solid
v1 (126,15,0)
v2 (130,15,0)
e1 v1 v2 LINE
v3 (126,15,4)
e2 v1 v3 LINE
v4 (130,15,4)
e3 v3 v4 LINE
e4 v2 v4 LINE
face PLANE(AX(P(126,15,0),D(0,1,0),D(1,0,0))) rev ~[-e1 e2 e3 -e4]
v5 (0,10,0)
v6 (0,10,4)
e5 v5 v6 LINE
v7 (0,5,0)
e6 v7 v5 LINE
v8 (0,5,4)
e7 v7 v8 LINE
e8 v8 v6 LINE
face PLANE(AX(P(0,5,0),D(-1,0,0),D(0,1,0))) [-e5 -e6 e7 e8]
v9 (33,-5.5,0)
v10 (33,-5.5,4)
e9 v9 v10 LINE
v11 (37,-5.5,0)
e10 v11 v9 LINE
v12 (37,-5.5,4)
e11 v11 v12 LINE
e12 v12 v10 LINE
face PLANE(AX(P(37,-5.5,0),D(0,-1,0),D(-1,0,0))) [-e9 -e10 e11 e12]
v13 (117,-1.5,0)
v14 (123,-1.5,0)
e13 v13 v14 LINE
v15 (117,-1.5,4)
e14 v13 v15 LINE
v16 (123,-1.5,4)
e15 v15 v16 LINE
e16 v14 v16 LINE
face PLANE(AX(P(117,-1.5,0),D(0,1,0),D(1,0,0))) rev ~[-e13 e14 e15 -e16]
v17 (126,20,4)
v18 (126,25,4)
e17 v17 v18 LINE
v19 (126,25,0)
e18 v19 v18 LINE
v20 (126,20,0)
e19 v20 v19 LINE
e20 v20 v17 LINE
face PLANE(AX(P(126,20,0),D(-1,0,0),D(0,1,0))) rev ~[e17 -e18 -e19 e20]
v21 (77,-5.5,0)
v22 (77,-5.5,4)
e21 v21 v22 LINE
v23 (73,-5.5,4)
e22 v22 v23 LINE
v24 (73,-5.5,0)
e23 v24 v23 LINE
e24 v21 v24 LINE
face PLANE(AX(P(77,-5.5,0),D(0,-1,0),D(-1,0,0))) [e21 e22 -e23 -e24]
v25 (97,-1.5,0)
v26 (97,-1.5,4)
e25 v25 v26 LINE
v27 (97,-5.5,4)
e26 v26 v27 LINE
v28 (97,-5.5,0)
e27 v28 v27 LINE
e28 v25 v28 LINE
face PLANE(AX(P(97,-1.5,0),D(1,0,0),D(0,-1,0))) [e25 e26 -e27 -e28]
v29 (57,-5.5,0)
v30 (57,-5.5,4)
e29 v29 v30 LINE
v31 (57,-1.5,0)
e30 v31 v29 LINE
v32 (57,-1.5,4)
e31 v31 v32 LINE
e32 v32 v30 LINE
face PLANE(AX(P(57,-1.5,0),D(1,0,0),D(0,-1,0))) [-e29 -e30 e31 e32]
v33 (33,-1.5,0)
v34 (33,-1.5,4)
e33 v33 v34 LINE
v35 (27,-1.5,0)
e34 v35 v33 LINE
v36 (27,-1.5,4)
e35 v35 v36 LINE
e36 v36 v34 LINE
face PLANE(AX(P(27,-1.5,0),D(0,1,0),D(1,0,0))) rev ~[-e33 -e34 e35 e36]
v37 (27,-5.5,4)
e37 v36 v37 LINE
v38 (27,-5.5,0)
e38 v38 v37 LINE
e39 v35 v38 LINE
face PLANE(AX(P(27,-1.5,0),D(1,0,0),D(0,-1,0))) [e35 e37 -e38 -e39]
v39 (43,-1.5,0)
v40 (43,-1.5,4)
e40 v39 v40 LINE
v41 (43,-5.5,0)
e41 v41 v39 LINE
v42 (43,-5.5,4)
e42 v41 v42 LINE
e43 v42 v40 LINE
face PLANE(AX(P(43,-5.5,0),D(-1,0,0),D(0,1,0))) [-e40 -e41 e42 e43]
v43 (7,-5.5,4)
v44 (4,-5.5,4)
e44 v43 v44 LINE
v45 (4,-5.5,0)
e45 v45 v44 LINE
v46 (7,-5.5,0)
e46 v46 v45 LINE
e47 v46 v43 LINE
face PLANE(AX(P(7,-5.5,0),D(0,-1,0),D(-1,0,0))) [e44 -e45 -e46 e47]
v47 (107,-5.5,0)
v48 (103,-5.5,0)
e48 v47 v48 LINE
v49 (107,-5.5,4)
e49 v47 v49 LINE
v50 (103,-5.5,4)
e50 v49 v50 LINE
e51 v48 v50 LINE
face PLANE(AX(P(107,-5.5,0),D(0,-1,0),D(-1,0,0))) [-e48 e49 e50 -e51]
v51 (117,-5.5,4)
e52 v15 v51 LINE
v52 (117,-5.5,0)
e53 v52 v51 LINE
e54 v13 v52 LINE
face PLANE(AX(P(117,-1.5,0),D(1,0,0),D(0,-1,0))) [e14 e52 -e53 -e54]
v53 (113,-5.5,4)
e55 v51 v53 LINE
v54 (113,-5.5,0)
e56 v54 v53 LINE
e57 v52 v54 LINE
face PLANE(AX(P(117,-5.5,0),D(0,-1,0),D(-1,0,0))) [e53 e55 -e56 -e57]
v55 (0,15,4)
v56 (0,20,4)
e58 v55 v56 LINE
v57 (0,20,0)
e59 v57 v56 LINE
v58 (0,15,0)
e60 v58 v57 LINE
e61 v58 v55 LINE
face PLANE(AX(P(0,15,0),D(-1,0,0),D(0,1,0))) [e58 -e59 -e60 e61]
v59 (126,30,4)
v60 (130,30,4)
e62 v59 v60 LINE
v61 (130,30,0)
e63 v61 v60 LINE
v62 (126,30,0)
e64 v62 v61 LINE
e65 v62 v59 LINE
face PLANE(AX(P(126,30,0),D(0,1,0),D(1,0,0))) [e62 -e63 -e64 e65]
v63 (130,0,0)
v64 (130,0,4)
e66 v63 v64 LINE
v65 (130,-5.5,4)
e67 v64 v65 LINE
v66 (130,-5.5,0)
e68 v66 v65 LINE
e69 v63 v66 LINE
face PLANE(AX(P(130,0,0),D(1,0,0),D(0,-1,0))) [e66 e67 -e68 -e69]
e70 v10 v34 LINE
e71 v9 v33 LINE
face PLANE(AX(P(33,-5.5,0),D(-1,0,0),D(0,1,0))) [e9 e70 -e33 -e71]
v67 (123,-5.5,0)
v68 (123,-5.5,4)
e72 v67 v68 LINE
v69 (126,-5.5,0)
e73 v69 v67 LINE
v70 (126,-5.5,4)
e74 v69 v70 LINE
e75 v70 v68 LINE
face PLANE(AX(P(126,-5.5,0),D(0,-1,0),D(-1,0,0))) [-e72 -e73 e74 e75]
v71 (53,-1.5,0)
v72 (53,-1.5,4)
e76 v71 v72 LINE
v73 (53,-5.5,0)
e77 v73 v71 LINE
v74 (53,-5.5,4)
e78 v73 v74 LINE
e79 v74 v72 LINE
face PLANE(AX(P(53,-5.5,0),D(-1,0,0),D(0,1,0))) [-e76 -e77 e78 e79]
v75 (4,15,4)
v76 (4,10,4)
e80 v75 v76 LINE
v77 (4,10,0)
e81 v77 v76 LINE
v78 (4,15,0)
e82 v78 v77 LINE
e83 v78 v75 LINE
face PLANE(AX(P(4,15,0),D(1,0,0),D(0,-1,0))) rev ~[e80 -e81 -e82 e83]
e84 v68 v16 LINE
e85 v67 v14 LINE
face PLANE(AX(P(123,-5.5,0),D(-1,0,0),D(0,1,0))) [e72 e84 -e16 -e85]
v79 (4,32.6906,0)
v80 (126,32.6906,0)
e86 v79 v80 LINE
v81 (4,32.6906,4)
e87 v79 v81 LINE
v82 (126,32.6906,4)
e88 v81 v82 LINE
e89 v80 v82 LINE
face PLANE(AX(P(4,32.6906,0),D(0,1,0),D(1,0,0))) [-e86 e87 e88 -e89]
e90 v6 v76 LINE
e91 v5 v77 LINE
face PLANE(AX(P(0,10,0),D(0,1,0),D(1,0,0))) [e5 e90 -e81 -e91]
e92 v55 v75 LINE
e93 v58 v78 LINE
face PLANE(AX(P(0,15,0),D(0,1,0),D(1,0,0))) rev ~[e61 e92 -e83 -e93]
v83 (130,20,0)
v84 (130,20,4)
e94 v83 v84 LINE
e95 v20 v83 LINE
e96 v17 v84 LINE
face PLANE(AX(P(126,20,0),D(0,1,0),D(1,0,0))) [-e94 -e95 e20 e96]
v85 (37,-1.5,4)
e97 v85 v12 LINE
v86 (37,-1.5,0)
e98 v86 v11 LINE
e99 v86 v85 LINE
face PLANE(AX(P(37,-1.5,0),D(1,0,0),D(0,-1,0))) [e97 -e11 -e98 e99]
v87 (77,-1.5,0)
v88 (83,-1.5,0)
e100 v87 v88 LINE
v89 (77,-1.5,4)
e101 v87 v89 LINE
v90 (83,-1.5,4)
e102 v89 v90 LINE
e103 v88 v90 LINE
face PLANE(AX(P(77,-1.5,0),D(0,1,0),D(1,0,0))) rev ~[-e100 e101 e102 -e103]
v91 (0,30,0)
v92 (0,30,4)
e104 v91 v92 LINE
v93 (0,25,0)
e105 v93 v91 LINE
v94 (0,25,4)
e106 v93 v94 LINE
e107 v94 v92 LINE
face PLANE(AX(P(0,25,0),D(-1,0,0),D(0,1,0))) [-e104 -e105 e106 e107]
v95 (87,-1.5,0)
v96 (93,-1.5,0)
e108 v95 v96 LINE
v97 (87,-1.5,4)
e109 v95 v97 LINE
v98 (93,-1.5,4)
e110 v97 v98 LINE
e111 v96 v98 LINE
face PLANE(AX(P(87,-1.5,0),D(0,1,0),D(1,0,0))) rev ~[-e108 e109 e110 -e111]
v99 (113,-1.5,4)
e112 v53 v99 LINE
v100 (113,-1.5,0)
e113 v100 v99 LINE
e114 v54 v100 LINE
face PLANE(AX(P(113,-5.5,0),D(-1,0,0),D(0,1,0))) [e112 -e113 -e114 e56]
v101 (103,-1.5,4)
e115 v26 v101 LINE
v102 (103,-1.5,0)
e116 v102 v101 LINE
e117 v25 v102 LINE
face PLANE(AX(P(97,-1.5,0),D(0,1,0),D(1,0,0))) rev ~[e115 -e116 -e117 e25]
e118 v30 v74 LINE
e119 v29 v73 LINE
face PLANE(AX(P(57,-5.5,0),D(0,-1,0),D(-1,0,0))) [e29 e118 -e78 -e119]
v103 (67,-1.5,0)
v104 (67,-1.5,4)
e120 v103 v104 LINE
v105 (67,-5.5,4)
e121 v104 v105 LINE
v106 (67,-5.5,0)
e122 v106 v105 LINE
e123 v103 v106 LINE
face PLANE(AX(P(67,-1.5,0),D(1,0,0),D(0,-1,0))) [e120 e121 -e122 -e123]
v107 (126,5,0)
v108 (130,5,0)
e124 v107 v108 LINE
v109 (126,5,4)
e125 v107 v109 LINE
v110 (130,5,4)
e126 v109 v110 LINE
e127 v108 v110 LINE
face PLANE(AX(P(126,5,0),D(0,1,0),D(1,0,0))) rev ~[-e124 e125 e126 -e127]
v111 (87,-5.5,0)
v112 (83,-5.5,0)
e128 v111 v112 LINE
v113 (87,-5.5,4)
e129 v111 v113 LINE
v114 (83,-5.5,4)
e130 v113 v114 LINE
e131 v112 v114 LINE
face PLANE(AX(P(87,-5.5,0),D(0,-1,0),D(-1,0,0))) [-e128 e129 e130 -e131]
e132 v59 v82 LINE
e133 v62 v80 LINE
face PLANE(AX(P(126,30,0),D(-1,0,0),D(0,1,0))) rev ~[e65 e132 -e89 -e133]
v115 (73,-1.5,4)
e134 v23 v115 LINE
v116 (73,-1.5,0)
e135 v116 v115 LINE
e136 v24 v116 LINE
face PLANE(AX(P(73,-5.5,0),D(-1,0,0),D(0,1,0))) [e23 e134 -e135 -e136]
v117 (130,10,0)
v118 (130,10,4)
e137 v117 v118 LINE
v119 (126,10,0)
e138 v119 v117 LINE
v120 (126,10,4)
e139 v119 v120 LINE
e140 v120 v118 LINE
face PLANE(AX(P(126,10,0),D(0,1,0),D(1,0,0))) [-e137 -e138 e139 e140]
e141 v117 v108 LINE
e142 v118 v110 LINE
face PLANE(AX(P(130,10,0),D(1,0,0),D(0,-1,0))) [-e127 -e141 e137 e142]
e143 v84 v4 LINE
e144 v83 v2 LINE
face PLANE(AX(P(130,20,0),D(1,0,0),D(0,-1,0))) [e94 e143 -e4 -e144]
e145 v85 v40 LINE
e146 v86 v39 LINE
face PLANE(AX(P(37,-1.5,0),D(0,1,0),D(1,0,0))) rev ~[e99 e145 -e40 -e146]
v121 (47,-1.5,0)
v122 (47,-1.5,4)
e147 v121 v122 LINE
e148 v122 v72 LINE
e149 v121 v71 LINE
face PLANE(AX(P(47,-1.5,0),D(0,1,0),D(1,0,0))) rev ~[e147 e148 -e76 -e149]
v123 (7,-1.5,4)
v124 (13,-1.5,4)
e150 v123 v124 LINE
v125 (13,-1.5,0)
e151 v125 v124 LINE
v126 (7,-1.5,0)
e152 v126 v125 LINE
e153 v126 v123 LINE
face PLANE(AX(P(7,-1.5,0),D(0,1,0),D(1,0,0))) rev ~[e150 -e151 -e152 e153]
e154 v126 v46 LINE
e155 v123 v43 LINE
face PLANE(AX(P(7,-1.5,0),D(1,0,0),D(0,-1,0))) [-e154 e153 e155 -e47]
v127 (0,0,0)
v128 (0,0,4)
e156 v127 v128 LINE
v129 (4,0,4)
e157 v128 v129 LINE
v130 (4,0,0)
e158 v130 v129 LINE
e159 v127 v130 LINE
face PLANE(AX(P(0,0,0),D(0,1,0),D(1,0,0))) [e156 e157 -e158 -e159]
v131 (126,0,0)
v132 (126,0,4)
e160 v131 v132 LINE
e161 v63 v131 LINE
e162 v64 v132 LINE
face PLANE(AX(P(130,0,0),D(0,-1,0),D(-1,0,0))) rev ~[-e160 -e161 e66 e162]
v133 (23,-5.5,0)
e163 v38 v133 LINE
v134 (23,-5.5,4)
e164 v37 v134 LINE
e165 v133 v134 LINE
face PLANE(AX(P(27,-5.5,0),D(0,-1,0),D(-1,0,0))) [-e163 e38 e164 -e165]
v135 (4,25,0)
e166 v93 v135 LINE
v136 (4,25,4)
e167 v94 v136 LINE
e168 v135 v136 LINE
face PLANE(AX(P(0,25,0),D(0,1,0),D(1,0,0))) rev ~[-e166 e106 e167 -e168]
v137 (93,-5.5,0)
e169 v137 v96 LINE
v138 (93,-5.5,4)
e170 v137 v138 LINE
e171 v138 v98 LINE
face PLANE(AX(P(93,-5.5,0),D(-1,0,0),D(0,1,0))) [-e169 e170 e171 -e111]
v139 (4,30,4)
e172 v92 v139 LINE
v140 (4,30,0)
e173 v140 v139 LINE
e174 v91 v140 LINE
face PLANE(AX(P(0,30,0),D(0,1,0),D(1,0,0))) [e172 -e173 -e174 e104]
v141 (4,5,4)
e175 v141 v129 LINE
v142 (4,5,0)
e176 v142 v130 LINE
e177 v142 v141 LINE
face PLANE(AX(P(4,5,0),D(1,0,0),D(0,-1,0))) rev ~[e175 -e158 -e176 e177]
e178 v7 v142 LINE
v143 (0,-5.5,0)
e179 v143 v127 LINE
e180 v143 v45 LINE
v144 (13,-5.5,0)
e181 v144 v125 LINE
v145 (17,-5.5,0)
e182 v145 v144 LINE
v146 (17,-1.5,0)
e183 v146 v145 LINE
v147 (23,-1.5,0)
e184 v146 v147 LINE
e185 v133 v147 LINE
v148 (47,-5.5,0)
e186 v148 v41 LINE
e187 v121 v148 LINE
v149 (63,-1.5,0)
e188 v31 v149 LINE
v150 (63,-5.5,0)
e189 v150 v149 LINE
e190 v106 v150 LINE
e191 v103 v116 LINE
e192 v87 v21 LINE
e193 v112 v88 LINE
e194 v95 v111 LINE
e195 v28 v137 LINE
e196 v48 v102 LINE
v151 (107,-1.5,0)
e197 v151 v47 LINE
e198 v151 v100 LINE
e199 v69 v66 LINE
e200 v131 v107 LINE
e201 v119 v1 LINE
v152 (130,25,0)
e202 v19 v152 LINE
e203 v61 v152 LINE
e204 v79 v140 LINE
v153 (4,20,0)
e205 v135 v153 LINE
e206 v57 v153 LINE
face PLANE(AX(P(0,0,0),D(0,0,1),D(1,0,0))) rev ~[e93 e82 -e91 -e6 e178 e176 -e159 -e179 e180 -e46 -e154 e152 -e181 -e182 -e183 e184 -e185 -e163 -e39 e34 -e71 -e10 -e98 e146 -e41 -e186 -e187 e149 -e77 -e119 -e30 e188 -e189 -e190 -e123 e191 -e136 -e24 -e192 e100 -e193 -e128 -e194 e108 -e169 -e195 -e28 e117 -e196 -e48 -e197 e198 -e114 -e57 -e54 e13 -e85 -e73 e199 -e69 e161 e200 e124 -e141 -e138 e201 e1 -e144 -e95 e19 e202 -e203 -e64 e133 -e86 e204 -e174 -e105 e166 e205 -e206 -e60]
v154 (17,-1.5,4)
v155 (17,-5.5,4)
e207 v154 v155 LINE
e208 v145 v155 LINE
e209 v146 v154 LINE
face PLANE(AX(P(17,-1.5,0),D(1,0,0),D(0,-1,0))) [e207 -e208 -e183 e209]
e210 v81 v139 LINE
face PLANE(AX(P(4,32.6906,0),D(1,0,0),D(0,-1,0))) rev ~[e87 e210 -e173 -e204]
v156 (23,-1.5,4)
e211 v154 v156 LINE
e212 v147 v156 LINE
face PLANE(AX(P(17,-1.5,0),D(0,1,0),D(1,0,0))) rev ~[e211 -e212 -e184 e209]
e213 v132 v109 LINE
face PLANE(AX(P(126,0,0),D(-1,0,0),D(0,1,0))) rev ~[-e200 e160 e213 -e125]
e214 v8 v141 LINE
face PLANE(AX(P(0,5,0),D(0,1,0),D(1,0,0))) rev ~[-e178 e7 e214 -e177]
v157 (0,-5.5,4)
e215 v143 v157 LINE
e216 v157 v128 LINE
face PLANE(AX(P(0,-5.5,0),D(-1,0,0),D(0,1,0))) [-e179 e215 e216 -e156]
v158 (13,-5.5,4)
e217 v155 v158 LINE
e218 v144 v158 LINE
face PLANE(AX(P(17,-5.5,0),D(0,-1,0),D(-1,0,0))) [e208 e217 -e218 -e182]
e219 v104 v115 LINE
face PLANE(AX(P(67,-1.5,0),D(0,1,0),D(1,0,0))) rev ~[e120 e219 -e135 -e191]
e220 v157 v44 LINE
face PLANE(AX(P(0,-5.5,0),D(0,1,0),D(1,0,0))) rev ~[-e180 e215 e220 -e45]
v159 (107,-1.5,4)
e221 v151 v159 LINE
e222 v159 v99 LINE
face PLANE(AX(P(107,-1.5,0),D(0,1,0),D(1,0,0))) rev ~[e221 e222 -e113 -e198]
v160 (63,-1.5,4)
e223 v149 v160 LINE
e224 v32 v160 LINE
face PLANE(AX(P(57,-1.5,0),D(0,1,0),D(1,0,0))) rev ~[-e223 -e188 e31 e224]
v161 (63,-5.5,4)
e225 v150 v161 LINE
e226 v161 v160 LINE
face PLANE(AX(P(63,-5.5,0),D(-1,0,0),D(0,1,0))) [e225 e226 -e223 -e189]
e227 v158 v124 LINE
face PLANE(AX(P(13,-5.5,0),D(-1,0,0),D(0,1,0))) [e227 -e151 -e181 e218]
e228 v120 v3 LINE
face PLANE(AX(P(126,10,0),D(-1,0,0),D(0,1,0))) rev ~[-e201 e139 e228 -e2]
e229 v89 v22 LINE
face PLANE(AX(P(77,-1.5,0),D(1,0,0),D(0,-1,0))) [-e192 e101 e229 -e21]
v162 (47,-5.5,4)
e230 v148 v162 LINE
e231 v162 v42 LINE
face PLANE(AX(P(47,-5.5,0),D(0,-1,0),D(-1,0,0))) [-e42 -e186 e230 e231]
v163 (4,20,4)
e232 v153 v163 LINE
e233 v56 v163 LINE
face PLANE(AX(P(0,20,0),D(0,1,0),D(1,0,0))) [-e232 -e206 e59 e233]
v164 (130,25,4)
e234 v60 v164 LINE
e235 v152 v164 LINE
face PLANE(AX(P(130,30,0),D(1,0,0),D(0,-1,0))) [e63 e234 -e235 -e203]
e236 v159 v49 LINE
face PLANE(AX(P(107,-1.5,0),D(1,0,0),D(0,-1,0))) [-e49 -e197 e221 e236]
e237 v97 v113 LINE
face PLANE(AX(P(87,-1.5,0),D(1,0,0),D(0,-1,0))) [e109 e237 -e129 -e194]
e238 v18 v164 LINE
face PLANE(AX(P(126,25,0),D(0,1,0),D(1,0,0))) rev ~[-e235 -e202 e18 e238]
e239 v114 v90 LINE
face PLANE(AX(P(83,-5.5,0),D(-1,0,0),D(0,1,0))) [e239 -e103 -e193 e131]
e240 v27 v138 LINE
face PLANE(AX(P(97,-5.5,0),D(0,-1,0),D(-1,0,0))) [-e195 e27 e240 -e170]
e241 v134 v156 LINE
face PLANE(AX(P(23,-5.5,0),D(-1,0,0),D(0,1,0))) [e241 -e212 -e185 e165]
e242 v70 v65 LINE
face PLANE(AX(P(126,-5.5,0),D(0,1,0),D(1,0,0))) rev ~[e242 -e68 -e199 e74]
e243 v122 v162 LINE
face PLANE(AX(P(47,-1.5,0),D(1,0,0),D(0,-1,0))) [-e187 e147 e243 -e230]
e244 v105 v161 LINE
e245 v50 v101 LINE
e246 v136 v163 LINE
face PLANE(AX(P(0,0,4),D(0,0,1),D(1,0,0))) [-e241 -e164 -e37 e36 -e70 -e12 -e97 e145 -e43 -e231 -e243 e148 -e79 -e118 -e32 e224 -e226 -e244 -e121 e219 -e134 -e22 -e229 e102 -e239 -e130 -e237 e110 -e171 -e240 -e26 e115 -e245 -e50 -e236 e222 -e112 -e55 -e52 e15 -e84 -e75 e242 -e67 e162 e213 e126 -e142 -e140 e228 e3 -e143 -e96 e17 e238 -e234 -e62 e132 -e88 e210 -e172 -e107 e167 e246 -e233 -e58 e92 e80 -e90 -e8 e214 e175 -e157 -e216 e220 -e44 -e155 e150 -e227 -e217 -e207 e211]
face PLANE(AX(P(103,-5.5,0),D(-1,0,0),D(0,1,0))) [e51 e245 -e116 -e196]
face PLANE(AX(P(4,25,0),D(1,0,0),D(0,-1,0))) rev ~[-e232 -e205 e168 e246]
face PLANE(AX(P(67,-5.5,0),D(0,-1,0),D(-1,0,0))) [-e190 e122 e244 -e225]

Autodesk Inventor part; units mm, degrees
ref_plane "YZ Plane" through (0, 0, 0) normal (1, 0, 0) x (0, 1, 0)
ref_plane "XZ Plane" through (0, 0, 0) normal (0, 1, 0) x (-1, 0, 0)
ref_plane "XY Plane" through (0, 0, 0) normal (0, 0, 1) x (1, 0, 0)
sketch "Sketch1" plane through (0, 0, 0) normal (0, 0, 1) x (1, 0, 0)
  line L0 (0, -5.5) -> (4, -5.5)
  line L1 (7, -5.5) -> (4, -5.5)
  line L2 (0, -5.5) -> (0, 0)
  line L3 (0, 0) -> (4, 0)
  line L4 (4, 5) -> (4, 0)
  line L5 (0, 5) -> (4, 5)
  line L6 (0, 5) -> (0, 10)
  line L7 (0, 10) -> (4, 10)
  line L8 (4, 15) -> (4, 10)
  line L9 (0, 15) -> (4, 15)
  line L10 (0, 15) -> (0, 20)
  line L11 (0, 20) -> (4, 20)
  line L12 (4, 25) -> (4, 20)
  line L13 (0, 25) -> (4, 25)
  line L14 (0, 25) -> (0, 30)
  line L15 (0, 30) -> (4, 30)
  line L16 (4, 32.6906) -> (4, 30)
  line L17 (7, -1.5) -> (7, -5.5)
  line L18 (7, -1.5) -> (13, -1.5)
  line L19 (13, -5.5) -> (13, -1.5)
  line L20 (17, -5.5) -> (13, -5.5)
  line L21 (17, -1.5) -> (17, -5.5)
  line L22 (17, -1.5) -> (23, -1.5)
  line L23 (23, -5.5) -> (23, -1.5)
  line L24 (27, -5.5) -> (23, -5.5)
  line L25 (27, -1.5) -> (27, -5.5)
  line L26 (27, -1.5) -> (33, -1.5)
  line L27 (33, -5.5) -> (33, -1.5)
  line L28 (37, -5.5) -> (33, -5.5)
  line L29 (37, -1.5) -> (37, -5.5)
  line L30 (37, -1.5) -> (43, -1.5)
  line L31 (43, -5.5) -> (43, -1.5)
  line L32 (47, -5.5) -> (43, -5.5)
  line L33 (47, -1.5) -> (47, -5.5)
  line L34 (47, -1.5) -> (53, -1.5)
  line L35 (53, -5.5) -> (53, -1.5)
  line L36 (57, -5.5) -> (53, -5.5)
  line L37 (57, -1.5) -> (57, -5.5)
  line L38 (57, -1.5) -> (63, -1.5)
  line L39 (63, -5.5) -> (63, -1.5)
  line L40 (67, -5.5) -> (63, -5.5)
  line L41 (67, -1.5) -> (67, -5.5)
  line L42 (67, -1.5) -> (73, -1.5)
  line L43 (73, -5.5) -> (73, -1.5)
  line L44 (77, -5.5) -> (73, -5.5)
  line L45 (77, -1.5) -> (77, -5.5)
  line L46 (77, -1.5) -> (83, -1.5)
  line L47 (83, -5.5) -> (83, -1.5)
  line L48 (87, -5.5) -> (83, -5.5)
  line L49 (87, -1.5) -> (87, -5.5)
  line L50 (87, -1.5) -> (93, -1.5)
  line L51 (93, -5.5) -> (93, -1.5)
  line L52 (97, -5.5) -> (93, -5.5)
  line L53 (97, -1.5) -> (97, -5.5)
  line L54 (97, -1.5) -> (103, -1.5)
  line L55 (103, -5.5) -> (103, -1.5)
  line L56 (107, -5.5) -> (103, -5.5)
  line L57 (107, -1.5) -> (107, -5.5)
  line L58 (107, -1.5) -> (113, -1.5)
  line L59 (113, -5.5) -> (113, -1.5)
  line L60 (117, -5.5) -> (113, -5.5)
  line L61 (117, -1.5) -> (117, -5.5)
  line L62 (117, -1.5) -> (123, -1.5)
  line L63 (123, -5.5) -> (123, -1.5)
  line L64 (126, -5.5) -> (123, -5.5)
  line L65 (126, -5.5) -> (130, -5.5)
  line L66 (130, 0) -> (130, -5.5)
  line L67 (130, 0) -> (126, 0)
  line L68 (126, 0) -> (126, 5)
  line L69 (126, 5) -> (130, 5)
  line L70 (130, 10) -> (130, 5)
  line L71 (126, 10) -> (130, 10)
  line L72 (126, 10) -> (126, 15)
  line L73 (126, 15) -> (130, 15)
  line L74 (130, 20) -> (130, 15)
  line L75 (126, 20) -> (130, 20)
  line L76 (126, 20) -> (126, 25)
  line L77 (126, 25) -> (130, 25)
  line L78 (130, 30) -> (130, 25)
  line L79 (126, 30) -> (130, 30)
  line L80 (126, 30) -> (126, 32.6906)
  line L81 (4, 32.6906) -> (126, 32.6906)
  point P0 (0, 0)
extrude "Extrusion1" add sketch "Sketch1" along normal blind 4
sketch "Sketch2" plane through (0, 0, 4) normal (0, 0, 1) x (1, 0, 0)
  line L0 (0, -5.5) -> (7, -5.5) projected
  line L1 (7, -5.5) -> (7, -1.5) projected
  line L2 (7, -1.5) -> (13, -1.5) projected
  line L3 (13, -1.5) -> (13, -5.5) projected
  line L4 (13, -5.5) -> (17, -5.5) projected
  line L5 (17, -5.5) -> (17, -1.5) projected
  line L6 (17, -1.5) -> (23, -1.5) projected
  line L7 (23, -1.5) -> (23, -5.5) projected
  line L8 (23, -5.5) -> (27, -5.5) projected
  line L9 (27, -5.5) -> (27, -1.5) projected
  line L10 (27, -1.5) -> (33, -1.5) projected
  line L11 (33, -1.5) -> (33, -5.5) projected
  line L12 (33, -5.5) -> (37, -5.5) projected
  line L13 (37, -5.5) -> (37, -1.5) projected
  line L14 (37, -1.5) -> (43, -1.5) projected
  line L15 (43, -1.5) -> (43, -5.5) projected
  line L16 (43, -5.5) -> (47, -5.5) projected
  line L17 (47, -5.5) -> (47, -1.5) projected
  line L18 (47, -1.5) -> (53, -1.5) projected
  line L19 (53, -1.5) -> (53, -5.5) projected
  line L20 (53, -5.5) -> (57, -5.5) projected
  line L21 (57, -5.5) -> (57, -1.5) projected
  line L22 (57, -1.5) -> (63, -1.5) projected
  line L23 (63, -1.5) -> (63, -5.5) projected
  line L24 (63, -5.5) -> (67, -5.5) projected
  line L25 (67, -5.5) -> (67, -1.5) projected
  line L26 (67, -1.5) -> (73, -1.5) projected
  line L27 (73, -1.5) -> (73, -5.5) projected
  line L28 (73, -5.5) -> (77, -5.5) projected
  line L29 (77, -5.5) -> (77, -1.5) projected
  line L30 (77, -1.5) -> (83, -1.5) projected
  line L31 (83, -1.5) -> (83, -5.5) projected
  line L32 (83, -5.5) -> (87, -5.5) projected
  line L33 (87, -5.5) -> (87, -1.5) projected
  line L34 (87, -1.5) -> (93, -1.5) projected
  line L35 (93, -1.5) -> (93, -5.5) projected
  line L36 (93, -5.5) -> (97, -5.5) projected
  line L37 (97, -5.5) -> (97, -1.5) projected
  line L38 (97, -1.5) -> (103, -1.5) projected
  line L39 (103, -1.5) -> (103, -5.5) projected
  line L40 (103, -5.5) -> (107, -5.5) projected
  line L41 (107, -5.5) -> (107, -1.5) projected
  line L42 (107, -1.5) -> (113, -1.5) projected
  line L43 (113, -1.5) -> (113, -5.5) projected
  line L44 (113, -5.5) -> (117, -5.5) projected
  line L45 (117, -5.5) -> (117, -1.5) projected
  line L46 (117, -1.5) -> (123, -1.5) projected
  line L47 (123, -1.5) -> (123, -5.5) projected
  line L48 (123, -5.5) -> (130, -5.5) projected
  line L49 (130, -5.5) -> (130, 0) projected
  line L50 (130, 0) -> (126, 0) projected
  line L51 (126, 0) -> (126, 5) projected
  line L52 (126, 5) -> (130, 5) projected
  line L53 (130, 5) -> (130, 10) projected
  line L54 (130, 10) -> (126, 10) projected
  line L55 (126, 10) -> (126, 15) projected
  line L56 (126, 15) -> (130, 15) projected
  line L57 (130, 15) -> (130, 20) projected
  line L58 (130, 20) -> (126, 20) projected
  line L59 (126, 20) -> (126, 25) projected
  line L60 (126, 25) -> (130, 25) projected
  line L61 (130, 25) -> (130, 30) projected
  line L62 (130, 30) -> (126, 30) projected
  line L63 (126, 30) -> (126, 32.6906) projected
  line L64 (126, 32.6906) -> (4, 32.6906) projected
  line L65 (4, 32.6906) -> (4, 30) projected
  line L66 (4, 30) -> (0, 30) projected
  line L67 (0, 30) -> (0, 25) projected
  line L68 (0, 25) -> (4, 25) projected
  line L69 (4, 25) -> (4, 20) projected
  line L70 (4, 20) -> (0, 20) projected
  line L71 (0, 20) -> (0, 15) projected
  line L72 (0, 15) -> (4, 15) projected
  line L73 (4, 15) -> (4, 10) projected
  line L74 (4, 10) -> (0, 10) projected
  line L75 (0, 10) -> (0, 5) projected
  line L76 (0, 5) -> (4, 5) projected
  line L77 (4, 5) -> (4, 0) projected
  line L78 (4, 0) -> (0, 0) projected
  line L79 (0, 0) -> (0, -5.5) projected
  point P0 (0, 0)
properties part number "VorderWand"
